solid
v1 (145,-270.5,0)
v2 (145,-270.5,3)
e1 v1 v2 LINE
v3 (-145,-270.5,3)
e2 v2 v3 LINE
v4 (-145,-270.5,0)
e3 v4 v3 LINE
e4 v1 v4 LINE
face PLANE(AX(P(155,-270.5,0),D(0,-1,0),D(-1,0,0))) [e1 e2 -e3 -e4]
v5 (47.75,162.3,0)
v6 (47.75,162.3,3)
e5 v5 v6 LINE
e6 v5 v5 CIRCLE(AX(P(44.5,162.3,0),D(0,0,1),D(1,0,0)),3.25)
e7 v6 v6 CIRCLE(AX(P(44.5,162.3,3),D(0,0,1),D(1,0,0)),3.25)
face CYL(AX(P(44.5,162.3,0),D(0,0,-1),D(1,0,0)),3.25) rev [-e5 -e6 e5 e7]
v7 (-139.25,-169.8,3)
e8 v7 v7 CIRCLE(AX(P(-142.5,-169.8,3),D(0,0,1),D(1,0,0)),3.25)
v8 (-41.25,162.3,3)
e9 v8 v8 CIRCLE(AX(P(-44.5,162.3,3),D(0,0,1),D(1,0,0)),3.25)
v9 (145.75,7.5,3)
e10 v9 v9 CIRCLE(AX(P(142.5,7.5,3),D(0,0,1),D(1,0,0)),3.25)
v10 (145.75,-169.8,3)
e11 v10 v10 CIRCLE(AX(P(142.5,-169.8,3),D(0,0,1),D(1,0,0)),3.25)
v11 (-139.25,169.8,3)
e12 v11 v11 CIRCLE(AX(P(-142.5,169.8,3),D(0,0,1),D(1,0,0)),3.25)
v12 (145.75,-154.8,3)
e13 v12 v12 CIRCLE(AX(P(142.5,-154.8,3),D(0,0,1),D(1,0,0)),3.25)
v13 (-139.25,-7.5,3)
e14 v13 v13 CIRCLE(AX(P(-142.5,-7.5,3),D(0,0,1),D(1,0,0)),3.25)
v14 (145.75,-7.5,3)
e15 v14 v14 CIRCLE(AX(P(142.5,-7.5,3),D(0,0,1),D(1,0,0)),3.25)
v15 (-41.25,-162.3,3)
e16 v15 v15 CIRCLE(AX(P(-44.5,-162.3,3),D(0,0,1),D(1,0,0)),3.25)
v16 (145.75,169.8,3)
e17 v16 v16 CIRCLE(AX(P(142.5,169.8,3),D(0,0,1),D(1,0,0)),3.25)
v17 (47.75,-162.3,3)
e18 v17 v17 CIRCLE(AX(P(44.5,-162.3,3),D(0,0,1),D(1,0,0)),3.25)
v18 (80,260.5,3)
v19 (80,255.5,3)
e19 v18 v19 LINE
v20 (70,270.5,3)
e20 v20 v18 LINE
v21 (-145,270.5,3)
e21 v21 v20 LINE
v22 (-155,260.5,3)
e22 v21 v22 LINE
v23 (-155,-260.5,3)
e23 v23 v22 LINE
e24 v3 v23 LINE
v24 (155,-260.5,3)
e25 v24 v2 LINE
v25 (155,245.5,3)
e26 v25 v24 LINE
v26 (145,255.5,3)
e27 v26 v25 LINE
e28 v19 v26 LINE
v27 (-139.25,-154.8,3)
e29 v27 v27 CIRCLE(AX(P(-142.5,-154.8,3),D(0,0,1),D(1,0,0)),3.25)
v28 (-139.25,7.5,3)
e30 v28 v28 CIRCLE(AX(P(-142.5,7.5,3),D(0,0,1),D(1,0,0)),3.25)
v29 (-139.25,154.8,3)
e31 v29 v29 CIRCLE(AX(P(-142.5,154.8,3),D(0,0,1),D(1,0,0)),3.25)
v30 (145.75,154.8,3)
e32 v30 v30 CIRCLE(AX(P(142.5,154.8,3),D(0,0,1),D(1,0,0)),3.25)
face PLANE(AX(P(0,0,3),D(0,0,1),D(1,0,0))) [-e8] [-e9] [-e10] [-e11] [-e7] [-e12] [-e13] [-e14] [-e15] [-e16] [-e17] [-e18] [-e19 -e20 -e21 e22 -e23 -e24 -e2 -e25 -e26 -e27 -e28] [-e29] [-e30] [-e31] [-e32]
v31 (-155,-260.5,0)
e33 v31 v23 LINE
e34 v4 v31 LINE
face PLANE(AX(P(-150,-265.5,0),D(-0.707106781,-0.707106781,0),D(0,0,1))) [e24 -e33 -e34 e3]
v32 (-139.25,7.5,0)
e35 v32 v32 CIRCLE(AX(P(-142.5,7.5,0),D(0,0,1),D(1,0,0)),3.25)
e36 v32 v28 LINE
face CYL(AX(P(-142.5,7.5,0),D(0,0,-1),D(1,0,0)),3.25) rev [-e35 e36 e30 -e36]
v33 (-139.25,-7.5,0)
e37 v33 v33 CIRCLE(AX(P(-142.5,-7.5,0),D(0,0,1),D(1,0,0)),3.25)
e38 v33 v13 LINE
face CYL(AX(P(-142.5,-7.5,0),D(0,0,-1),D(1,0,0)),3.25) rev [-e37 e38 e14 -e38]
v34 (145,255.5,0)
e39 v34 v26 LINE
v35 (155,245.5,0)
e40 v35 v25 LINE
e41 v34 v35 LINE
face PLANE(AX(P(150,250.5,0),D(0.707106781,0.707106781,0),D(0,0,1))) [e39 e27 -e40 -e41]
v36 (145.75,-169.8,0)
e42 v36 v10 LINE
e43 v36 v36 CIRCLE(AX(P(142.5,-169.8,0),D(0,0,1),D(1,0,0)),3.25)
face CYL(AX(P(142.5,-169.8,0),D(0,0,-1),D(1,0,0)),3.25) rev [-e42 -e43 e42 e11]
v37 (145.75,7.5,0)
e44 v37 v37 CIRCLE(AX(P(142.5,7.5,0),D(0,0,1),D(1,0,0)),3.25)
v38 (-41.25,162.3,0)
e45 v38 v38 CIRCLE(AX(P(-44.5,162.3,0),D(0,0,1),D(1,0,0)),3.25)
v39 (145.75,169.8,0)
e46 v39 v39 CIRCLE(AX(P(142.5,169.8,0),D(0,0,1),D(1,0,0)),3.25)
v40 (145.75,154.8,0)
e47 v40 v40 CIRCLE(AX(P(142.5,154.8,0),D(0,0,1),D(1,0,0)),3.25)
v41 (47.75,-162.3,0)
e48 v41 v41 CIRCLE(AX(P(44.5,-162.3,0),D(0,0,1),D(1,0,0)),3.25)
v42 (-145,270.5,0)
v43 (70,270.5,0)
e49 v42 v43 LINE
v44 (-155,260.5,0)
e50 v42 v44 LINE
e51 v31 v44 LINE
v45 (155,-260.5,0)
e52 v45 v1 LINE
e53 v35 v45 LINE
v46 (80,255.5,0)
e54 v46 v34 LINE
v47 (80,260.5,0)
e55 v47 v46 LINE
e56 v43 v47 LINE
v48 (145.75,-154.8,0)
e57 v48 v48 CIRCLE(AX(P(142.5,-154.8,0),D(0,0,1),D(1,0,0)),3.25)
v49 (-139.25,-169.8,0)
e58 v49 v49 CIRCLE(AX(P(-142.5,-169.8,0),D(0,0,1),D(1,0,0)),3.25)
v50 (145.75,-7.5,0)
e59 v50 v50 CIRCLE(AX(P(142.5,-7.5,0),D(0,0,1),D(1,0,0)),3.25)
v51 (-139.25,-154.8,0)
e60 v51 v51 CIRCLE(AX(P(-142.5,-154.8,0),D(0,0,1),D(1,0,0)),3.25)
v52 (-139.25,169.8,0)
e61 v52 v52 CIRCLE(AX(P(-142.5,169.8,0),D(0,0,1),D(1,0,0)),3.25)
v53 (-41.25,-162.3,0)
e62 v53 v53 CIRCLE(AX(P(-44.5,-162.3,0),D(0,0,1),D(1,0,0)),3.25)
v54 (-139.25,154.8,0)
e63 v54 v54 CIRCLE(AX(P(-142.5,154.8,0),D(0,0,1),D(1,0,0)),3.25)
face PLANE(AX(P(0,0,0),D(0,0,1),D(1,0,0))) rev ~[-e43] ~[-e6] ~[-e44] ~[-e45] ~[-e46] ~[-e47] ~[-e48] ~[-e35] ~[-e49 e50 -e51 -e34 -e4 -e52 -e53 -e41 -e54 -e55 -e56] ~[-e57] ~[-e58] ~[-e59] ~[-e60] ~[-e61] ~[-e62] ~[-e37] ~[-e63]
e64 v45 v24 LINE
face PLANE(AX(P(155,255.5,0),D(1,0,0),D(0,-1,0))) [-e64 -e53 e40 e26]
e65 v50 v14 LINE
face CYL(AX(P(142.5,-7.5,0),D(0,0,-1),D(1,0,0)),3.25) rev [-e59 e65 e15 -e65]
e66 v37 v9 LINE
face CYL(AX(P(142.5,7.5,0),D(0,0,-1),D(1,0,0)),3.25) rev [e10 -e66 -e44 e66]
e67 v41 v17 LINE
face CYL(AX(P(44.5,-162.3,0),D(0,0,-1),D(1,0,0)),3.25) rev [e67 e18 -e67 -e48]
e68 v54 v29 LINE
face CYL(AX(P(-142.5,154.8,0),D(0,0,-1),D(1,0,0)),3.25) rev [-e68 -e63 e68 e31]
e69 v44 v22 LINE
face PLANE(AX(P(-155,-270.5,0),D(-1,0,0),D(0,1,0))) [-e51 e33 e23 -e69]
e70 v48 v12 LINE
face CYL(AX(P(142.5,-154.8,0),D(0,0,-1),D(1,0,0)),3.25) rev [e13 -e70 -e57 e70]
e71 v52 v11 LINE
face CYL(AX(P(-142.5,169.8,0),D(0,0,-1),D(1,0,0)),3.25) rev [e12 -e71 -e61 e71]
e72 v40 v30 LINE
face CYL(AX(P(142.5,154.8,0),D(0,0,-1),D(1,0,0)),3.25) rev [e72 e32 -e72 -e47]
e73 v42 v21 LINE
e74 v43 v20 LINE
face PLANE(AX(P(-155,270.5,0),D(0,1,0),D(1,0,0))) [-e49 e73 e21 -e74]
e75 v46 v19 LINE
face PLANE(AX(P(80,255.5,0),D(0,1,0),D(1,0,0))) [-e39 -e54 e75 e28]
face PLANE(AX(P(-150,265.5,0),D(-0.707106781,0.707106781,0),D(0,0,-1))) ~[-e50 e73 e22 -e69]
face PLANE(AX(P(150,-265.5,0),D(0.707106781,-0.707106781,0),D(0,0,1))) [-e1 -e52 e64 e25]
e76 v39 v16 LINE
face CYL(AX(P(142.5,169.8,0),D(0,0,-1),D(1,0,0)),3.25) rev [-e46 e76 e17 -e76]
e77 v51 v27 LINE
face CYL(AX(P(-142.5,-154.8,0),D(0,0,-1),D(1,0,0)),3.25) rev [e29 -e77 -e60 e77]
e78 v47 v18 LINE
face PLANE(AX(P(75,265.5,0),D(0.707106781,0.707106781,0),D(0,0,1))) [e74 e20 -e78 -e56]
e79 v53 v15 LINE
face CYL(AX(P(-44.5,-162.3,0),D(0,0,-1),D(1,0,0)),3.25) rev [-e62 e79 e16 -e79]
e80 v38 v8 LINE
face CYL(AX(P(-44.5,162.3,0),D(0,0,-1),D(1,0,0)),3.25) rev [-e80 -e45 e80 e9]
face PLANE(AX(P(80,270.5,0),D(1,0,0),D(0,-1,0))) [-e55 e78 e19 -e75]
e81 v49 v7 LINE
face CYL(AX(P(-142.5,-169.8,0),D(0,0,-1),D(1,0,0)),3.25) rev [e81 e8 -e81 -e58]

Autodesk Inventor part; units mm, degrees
ref_plane "YZ Plane" through (0, 0, 0) normal (1, 0, 0) x (0, 1, 0)
ref_plane "XZ Plane" through (0, 0, 0) normal (0, 1, 0) x (-1, 0, 0)
ref_plane "XY Plane" through (0, 0, 0) normal (0, 0, 1) x (1, 0, 0)
sketch "Skizze1" plane through (0, 0, 0) normal (0, 0, 1) x (1, 0, 0)
  line L0 (-155, 270.5) -> (155, 270.5)
  line L1 (155, 270.5) -> (155, -270.5)
  line L2 (155, -270.5) -> (-155, -270.5)
  line L3 (-155, -270.5) -> (-155, 270.5)
  line L4 (-155, 270.5) -> (155, -270.5) construction
  line L5 (155, 270.5) -> (-155, -270.5) construction
  line L6 (-77.5, 270.5) -> (-77.5, -270.5) construction
  line L7 (0, 396.7) -> (0, -381.7) construction
  line L8 (-142.5, 270.5) -> (-142.5, -270.5) construction
  line L9 (-155, -162.3) -> (155, -162.3) construction
  circle A0 centre (-142.5, -154.8) radius 3.25
  circle A1 centre (-142.5, -169.8) radius 3.25
  line L10 (-232, 0) -> (307, 0) construction
  circle A2 centre (-142.5, 7.5) radius 3.25
  circle A3 centre (-142.5, -7.5) radius 3.25
  circle A4 centre (-142.5, 154.8) radius 3.25
  circle A5 centre (-142.5, 169.8) radius 3.25
  circle A6 centre (142.5, -154.8) radius 3.25
  circle A7 centre (142.5, -169.8) radius 3.25
  circle A8 centre (142.5, 7.5) radius 3.25
  circle A9 centre (142.5, -7.5) radius 3.25
  circle A10 centre (142.5, 169.8) radius 3.25
  circle A11 centre (142.5, 154.8) radius 3.25
  circle A12 centre (-44.5, -162.3) radius 3.25
  circle A13 centre (44.5, -162.3) radius 3.25
  circle A14 centre (-44.5, 162.3) radius 3.25
  circle A15 centre (44.5, 162.3) radius 3.25
  line L11 (230, 285.5) -> (80, 285.5) construction
  line L12 (80, 285.5) -> (80, 255.5)
  line L13 (80, 255.5) -> (230, 255.5)
  line L14 (230, 255.5) -> (230, 285.5) construction
  line L15 (230, 285.5) -> (80, 255.5) construction
  line L16 (80, 285.5) -> (230, 255.5) construction
  point P0 (0, 0)
  point P1 (155, 255.5)
  point P2 (80, 270.5)
  dimension "d0" = 541
  dimension "d1" = 310
  dimension "d2" = 77.5
  dimension "d3" = 12.5
  dimension "d4" = 108.2
  dimension "d5" = 6.5
  dimension "d6" = 7.5
  dimension "d7" = 6.5
  dimension "d8" = 7.5
  dimension "d9" = 7.5
  dimension "d10" = 6.5
  dimension "d11" = 6.5
  dimension "d12" = 44.5
  dimension "d15" = 150
  dimension "d16" = 15
extrude "Extrusion1" add sketch "Skizze1" along normal blind 3 contours L0 L12 L13 L1 L2 L3
chamfer "Fase1" distance 10 angle 45 5 edges at (80, 270.5, 1.5) (155, 255.5, 1.5) (155, -270.5, 1.5) (-155, -270.5, 1.5) (-155, 270.5, 1.5)
equation "\"d2\" = 0.25 * d1"
equation "\"d4\" = 0.2 * d0"
equation "\"d7\" = d5"
equation "\"d8\" = d6"
equation "\"d9\" = d6"
equation "\"d10\" = d5"
properties part number "enc-BackPanel Mitte"
